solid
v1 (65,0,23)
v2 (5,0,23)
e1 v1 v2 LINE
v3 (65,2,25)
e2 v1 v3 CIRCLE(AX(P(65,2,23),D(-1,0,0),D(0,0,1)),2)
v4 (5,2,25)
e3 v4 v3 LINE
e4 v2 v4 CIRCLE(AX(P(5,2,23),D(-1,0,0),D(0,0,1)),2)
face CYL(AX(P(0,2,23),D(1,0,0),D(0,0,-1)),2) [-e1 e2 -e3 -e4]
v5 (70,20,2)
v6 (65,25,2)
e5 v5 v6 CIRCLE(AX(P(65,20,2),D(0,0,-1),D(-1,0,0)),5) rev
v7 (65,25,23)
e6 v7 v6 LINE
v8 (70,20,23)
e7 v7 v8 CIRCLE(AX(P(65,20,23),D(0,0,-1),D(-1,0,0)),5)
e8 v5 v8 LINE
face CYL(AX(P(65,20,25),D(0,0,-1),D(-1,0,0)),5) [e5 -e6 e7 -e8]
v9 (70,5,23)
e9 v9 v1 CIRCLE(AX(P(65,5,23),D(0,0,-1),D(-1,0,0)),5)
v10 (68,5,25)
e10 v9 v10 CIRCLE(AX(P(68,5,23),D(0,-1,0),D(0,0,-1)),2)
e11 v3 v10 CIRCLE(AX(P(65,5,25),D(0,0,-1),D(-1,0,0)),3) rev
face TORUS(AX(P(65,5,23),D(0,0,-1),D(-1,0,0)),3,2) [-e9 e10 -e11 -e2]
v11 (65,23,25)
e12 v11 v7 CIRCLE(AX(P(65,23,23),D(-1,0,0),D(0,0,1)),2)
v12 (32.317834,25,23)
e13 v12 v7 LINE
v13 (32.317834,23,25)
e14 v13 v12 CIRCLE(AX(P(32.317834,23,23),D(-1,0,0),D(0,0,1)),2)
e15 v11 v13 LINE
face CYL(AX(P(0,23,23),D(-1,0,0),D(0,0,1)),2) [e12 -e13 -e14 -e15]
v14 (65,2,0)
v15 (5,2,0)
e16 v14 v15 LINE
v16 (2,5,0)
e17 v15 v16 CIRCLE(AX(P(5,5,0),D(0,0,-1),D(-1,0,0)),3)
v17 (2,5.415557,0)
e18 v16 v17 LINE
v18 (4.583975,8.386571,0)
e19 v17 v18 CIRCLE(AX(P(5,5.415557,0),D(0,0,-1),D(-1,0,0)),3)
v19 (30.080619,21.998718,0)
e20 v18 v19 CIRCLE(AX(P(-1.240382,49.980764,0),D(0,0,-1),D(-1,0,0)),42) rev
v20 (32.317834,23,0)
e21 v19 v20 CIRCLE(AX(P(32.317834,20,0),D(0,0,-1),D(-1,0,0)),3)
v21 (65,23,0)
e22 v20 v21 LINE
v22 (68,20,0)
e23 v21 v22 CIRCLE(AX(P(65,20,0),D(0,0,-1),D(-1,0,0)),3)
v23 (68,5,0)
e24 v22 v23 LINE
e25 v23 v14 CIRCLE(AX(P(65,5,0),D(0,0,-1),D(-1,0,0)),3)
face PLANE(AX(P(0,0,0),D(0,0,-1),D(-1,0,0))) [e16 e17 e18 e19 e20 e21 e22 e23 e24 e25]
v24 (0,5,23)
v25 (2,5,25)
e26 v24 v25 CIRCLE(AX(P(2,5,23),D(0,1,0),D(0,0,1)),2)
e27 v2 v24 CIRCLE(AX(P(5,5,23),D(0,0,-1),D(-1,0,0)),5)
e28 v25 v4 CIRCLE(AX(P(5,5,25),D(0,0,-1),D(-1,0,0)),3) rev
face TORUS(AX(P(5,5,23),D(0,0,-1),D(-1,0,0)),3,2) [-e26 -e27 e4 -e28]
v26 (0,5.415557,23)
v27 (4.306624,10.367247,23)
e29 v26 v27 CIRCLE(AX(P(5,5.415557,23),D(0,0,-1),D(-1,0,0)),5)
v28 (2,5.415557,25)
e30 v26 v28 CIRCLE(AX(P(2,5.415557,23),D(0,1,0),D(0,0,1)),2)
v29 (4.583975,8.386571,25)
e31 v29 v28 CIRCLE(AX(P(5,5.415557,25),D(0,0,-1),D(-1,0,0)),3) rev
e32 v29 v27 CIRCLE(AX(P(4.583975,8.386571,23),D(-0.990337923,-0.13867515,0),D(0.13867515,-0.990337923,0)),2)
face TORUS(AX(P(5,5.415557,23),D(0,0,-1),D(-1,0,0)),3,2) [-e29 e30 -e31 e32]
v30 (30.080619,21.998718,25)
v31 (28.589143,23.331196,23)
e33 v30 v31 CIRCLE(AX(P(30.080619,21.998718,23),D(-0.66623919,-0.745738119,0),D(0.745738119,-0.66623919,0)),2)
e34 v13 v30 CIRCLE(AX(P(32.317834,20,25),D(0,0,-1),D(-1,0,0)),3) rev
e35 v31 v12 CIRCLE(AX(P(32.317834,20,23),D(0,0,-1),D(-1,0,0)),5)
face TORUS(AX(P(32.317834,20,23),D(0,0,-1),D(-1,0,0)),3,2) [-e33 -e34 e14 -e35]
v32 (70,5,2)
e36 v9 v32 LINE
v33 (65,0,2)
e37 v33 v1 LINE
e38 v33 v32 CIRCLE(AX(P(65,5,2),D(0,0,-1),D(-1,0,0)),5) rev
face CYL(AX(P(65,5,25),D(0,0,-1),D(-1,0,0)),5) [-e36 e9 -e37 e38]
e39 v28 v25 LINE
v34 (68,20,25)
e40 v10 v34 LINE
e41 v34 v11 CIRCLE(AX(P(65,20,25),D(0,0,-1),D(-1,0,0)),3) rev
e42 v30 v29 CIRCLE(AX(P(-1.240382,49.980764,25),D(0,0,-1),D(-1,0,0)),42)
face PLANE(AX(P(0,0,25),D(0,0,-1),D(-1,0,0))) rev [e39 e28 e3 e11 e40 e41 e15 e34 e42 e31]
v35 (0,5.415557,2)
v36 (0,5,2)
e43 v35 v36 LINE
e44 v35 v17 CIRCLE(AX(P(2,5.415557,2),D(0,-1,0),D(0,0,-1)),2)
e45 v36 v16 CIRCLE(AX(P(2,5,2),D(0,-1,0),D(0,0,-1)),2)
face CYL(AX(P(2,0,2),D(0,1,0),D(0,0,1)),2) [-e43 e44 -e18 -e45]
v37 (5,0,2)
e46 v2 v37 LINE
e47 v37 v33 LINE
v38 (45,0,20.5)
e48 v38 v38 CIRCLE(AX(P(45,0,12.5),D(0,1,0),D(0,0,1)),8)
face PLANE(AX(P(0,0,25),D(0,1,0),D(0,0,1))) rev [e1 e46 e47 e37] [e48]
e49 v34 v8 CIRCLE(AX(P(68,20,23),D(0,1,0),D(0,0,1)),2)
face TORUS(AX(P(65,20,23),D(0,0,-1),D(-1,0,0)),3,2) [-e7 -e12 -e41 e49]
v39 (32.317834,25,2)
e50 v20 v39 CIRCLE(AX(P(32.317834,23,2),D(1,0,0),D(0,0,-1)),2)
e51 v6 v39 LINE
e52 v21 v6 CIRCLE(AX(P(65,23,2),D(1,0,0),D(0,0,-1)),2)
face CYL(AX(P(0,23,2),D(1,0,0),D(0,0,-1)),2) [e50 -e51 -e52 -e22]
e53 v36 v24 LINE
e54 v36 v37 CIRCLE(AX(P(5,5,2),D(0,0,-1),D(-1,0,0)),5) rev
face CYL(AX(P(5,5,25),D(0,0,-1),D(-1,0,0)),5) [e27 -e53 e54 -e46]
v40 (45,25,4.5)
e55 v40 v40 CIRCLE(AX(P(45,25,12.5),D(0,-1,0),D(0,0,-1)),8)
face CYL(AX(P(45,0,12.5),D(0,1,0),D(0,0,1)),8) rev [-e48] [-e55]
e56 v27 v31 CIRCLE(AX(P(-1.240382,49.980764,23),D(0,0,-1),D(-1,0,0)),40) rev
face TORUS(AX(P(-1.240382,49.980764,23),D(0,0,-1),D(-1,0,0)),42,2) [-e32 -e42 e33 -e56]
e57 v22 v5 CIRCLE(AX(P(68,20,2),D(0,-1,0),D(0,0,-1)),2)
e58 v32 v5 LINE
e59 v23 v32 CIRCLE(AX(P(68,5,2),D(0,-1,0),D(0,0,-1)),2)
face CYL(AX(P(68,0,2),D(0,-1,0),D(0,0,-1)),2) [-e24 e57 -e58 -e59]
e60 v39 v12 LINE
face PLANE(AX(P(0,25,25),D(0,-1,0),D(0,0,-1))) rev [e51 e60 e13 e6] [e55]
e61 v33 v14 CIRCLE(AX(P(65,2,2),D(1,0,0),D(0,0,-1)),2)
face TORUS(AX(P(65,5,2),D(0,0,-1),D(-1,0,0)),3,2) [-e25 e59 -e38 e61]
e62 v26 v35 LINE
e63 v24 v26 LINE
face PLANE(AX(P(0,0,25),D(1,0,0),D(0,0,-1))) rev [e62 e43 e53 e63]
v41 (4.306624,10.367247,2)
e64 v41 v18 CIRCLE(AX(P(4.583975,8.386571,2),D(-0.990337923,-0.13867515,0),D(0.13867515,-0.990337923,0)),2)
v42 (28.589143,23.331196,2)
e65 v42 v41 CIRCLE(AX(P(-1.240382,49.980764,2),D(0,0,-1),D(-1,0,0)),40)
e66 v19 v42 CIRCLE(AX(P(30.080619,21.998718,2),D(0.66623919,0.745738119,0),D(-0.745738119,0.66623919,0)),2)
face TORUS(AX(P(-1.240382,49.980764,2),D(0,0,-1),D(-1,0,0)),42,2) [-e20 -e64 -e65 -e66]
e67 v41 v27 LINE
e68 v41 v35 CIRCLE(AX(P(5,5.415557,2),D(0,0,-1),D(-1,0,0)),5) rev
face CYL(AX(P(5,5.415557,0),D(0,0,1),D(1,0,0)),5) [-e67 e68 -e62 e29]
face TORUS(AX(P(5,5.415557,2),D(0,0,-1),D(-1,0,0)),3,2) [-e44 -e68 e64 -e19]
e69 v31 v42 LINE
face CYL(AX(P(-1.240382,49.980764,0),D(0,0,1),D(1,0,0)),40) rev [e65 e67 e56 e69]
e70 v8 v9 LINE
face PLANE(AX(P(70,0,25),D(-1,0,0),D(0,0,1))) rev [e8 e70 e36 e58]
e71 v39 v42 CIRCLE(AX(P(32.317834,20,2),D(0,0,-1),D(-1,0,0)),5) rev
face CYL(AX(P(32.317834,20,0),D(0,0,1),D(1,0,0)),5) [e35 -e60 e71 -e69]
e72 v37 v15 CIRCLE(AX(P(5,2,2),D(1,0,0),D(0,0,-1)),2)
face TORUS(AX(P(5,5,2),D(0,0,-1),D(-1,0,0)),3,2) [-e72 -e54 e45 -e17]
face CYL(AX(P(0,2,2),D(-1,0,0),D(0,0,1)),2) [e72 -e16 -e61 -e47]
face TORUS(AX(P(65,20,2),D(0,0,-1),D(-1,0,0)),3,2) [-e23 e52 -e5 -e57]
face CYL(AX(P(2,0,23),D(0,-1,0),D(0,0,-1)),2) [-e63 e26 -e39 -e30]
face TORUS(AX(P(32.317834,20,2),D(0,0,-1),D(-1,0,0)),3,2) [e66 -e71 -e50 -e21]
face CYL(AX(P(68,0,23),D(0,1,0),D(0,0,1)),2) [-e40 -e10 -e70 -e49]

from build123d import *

# Parameters (mm, degrees)
ESQUISSE1_W                  = 70
ESQUISSE1_H                  = 25
BOSS_EXTRU_1_DEPTH           = 25
ENL_V_MAT_EXTRU_1_DEPTH      = 79.421935707
ENL_V_MAT_EXTRU_1_DEPTH_BACK = 79.421935707
CONG_1_R                     = 5
CONG_2_R                     = 2
ENL_V_MAT_EXTRU_2_DEPTH      = 79.421935739
ENL_V_MAT_EXTRU_2_DEPTH_BACK = 79.421935739
ESQUISSE3_R                  = 8


with BuildPart() as part:
    # Esquisse1 → Boss.-Extru.1 (new body)
    with BuildSketch(Plane.XY):
        with Locations((35, 12.5)):
            Rectangle(ESQUISSE1_W, ESQUISSE1_H)
    extrude(amount=BOSS_EXTRU_1_DEPTH)

    # Esquisse2 → Enlèv. mat.-Extru.1 (cut, two sides: drawn at the far end of the back side and taken through both)
    with BuildSketch(Plane.XY.offset(25).offset(-ENL_V_MAT_EXTRU_1_DEPTH_BACK)):
        with BuildLine():
            Line((30, 25), (0, 25))
            Line((0, 25), (0, 10))
            ThreePointArc((0, 10), (16.648162051, 14.203675898), (30, 25))
        make_face()
    extrude(amount=ENL_V_MAT_EXTRU_1_DEPTH + ENL_V_MAT_EXTRU_1_DEPTH_BACK, mode=Mode.SUBTRACT)

    # Congé1
    cong_1_edges = [part.edges().sort_by_distance(p)[0] for p in [
        (30, 25, 12.5),
        (0, 10, 12.5),
        (70, 25, 12.5),
        (70, 0, 12.5),
        (0, 0, 12.5),
    ]]
    fillet(cong_1_edges, radius=CONG_1_R)

    # Congé2
    cong_2_edges = [part.edges().sort_by_distance(p)[0] for p in [
        (35, 0, 0),
        (35, 0, 25),
        (17.598161914, 14.694657605, 0),
        (48.658916792, 25, 0),
        (70, 12.5, 0),
        (0, 5.207778491, 0),
        (68.535533906, 23.535533906, 0),
        (68.535533906, 1.464466094, 0),
        (1.227276928, 8.696800743, 0),
        (30.275283676, 24.563769261, 0),
        (1.464466094, 1.464466094, 0),
        (0, 5.207778491, 25),
        (48.658916792, 25, 25),
        (17.598161914, 14.694657605, 25),
        (70, 12.5, 25),
        (68.535533906, 23.535533906, 25),
        (68.535533906, 1.464466094, 25),
        (1.227276928, 8.696800743, 25),
        (30.275283676, 24.563769261, 25),
        (1.464466094, 1.464466094, 25),
    ]]
    fillet(cong_2_edges, radius=CONG_2_R)

    # Esquisse3 → Enlèv. mat.-Extru.2 (cut, two sides: drawn at the far end of the back side and taken through both)
    with BuildSketch(Plane(origin=(0, 25, 0), x_dir=(1, 0, 0), z_dir=(0, 1, 0)).offset(-ENL_V_MAT_EXTRU_2_DEPTH_BACK)):
        with Locations(Location((45, -12.5, 0), (0, 0, 270))):
            Circle(ESQUISSE3_R)
    extrude(amount=ENL_V_MAT_EXTRU_2_DEPTH + ENL_V_MAT_EXTRU_2_DEPTH_BACK, mode=Mode.SUBTRACT)


solid = part.part
